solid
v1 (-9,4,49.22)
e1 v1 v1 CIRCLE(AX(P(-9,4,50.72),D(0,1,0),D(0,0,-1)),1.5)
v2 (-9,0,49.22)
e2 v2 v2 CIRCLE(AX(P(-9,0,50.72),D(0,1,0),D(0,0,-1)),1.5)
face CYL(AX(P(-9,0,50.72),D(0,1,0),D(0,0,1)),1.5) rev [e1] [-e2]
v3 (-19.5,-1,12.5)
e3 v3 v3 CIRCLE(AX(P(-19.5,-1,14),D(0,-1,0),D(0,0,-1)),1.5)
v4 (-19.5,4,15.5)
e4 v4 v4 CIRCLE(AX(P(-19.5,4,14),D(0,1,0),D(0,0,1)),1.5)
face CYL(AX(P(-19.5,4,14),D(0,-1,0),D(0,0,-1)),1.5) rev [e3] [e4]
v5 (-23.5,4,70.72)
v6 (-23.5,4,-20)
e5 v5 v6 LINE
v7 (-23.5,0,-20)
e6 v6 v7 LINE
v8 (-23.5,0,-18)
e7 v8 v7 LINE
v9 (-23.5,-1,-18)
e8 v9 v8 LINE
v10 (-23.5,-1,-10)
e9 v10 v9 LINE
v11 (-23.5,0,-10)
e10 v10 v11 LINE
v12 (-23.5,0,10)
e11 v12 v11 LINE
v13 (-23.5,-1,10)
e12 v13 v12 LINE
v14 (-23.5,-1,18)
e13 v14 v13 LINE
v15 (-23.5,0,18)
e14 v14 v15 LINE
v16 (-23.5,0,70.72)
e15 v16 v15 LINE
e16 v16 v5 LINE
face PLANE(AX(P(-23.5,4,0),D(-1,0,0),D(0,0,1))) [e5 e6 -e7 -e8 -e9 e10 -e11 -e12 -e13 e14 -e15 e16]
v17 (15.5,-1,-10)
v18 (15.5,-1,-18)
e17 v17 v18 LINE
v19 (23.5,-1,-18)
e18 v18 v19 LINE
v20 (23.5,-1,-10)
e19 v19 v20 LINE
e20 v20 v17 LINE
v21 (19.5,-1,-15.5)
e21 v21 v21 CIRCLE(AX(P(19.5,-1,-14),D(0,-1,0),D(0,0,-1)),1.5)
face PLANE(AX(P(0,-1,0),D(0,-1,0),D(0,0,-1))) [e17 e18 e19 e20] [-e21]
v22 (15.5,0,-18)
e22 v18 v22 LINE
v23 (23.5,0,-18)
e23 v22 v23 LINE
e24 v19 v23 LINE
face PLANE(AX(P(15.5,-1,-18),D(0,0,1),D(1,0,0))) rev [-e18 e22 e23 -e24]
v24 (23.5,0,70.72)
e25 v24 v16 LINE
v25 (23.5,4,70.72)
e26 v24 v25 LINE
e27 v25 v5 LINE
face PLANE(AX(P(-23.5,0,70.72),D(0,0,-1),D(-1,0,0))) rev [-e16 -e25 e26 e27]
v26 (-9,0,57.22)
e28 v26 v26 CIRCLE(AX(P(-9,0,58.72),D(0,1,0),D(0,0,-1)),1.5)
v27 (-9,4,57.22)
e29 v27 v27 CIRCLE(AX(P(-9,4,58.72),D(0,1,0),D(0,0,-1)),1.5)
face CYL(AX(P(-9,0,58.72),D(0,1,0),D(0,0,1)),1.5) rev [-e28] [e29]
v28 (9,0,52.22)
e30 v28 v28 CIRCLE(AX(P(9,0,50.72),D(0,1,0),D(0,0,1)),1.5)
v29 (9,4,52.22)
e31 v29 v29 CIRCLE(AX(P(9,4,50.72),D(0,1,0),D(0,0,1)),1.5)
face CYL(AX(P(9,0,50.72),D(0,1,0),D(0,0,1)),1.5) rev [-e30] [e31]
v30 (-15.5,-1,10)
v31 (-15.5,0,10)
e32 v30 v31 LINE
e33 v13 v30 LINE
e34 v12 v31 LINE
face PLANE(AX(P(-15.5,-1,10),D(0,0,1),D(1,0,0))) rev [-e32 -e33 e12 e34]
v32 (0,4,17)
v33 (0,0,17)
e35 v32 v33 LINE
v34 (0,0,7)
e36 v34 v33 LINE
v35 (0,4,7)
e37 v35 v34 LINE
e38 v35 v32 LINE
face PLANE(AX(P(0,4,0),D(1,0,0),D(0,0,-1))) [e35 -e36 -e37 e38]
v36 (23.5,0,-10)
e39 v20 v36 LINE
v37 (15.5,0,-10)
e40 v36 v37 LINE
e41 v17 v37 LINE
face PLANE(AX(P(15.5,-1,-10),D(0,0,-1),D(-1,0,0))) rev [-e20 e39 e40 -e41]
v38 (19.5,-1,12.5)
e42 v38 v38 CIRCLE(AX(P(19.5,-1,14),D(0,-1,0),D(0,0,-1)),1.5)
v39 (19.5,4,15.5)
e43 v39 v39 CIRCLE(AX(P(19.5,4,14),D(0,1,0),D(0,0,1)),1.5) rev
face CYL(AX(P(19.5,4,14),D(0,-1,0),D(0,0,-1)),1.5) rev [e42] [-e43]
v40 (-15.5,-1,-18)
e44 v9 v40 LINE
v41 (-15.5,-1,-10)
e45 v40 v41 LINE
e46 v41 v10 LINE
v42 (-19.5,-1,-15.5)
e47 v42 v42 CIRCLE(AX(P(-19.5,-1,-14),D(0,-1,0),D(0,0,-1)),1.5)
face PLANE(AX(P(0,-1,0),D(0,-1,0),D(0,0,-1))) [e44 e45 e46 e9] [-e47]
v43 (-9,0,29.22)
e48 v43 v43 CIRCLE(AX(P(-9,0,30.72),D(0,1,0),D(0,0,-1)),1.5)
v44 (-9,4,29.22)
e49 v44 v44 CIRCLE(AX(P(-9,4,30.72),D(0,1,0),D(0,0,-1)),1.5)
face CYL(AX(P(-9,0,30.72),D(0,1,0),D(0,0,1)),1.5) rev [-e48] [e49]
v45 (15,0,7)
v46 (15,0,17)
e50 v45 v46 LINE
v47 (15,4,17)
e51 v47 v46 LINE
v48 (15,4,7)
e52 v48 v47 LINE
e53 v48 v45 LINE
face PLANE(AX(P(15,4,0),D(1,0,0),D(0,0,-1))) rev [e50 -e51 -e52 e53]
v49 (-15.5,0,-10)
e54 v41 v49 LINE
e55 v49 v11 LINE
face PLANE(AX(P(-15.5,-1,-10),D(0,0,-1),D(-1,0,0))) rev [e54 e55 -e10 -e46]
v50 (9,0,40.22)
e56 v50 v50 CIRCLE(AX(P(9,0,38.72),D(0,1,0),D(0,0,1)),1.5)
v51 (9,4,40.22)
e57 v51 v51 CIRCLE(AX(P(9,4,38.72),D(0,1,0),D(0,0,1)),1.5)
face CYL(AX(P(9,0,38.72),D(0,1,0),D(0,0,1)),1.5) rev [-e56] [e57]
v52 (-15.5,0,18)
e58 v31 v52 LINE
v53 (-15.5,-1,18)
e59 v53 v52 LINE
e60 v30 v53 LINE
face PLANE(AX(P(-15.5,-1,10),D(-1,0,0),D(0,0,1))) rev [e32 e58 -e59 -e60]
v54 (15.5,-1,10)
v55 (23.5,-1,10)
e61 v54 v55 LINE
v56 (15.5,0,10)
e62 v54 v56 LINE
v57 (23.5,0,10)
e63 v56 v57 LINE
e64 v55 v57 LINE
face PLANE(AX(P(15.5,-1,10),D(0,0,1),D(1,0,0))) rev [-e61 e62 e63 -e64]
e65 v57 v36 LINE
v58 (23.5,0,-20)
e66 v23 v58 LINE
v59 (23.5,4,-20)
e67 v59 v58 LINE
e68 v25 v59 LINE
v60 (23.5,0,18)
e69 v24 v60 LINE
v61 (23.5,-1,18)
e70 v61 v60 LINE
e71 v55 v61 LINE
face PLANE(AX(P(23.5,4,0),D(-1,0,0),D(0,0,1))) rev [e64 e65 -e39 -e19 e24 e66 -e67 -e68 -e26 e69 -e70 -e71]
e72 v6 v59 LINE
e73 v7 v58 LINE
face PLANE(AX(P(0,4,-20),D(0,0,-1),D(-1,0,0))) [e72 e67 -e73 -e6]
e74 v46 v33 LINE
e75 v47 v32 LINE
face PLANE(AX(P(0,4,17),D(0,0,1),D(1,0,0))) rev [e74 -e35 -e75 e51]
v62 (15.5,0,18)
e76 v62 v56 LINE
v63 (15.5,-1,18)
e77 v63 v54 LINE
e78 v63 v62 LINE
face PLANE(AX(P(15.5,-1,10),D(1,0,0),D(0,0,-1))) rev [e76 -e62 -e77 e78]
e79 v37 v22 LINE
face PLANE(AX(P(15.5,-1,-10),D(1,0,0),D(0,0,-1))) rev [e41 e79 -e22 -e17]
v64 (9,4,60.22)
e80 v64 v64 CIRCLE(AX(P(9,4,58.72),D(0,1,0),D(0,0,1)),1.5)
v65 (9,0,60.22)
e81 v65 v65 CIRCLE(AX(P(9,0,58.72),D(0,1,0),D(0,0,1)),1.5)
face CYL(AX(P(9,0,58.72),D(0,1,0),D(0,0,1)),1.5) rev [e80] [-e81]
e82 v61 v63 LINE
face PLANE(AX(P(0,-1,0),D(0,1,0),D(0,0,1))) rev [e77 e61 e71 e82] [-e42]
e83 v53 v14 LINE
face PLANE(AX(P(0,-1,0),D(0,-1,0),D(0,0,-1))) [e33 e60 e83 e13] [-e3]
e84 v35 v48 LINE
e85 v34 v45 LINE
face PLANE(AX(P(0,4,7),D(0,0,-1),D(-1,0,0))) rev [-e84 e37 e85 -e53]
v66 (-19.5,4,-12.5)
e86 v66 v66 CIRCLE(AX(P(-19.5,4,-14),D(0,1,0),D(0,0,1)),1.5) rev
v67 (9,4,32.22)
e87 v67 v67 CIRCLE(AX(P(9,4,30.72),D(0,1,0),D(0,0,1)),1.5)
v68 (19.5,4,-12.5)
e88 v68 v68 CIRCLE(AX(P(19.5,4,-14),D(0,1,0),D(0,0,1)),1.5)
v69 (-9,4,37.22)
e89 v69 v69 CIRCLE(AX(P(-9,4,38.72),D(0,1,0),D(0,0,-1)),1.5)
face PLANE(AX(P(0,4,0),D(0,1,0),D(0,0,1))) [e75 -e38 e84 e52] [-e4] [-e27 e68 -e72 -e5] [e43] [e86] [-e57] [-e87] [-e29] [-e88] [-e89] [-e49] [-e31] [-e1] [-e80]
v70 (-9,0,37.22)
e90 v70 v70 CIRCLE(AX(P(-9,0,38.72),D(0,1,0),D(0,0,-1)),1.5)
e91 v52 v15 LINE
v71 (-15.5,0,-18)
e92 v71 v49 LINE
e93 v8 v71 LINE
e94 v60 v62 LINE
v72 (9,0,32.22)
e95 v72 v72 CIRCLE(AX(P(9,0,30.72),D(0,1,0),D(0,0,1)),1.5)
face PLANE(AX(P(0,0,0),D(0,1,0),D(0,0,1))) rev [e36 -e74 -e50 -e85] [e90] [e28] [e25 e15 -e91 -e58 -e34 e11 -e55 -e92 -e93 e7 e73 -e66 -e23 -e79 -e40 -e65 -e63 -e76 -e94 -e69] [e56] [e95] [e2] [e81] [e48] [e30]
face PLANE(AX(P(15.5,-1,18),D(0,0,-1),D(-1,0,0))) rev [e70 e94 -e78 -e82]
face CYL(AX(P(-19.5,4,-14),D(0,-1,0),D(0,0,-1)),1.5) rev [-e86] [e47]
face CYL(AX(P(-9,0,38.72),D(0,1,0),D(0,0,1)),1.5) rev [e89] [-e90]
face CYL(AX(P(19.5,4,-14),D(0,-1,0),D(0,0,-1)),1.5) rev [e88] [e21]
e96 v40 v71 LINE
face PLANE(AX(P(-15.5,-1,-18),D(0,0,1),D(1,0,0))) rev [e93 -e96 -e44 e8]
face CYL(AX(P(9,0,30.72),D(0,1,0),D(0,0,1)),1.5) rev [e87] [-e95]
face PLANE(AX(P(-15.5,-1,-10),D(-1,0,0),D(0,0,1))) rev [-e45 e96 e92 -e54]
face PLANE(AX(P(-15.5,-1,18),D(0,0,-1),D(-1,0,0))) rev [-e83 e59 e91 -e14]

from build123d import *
from build123d.topology import SkipClean

# Parameters (mm, degrees)
SKETCH_1_W          = 47
SKETCH_1_H          = 40
SKETCH_1_R          = 1.5
SKETCH_1_W_2        = 30
SKETCH_1_H_2        = 10
SKETCH_1_H_3        = 55.72
SKETCH_1_W_3        = 15
EXTRUDE_1_DEPTH     = 4
EXTRUDE_START       = 1
SKETCH_3_W          = 8
SKETCH_3_H          = 8
SKETCH_3_R          = 1.5
EXTRUDE_2_DEPTH     = 1
SKETCH_4_R          = 1.5
SKETCH_4_W          = 47
SKETCH_4_H          = 5
CUT_EXTRUDE_2_DEPTH = 4


with BuildPart() as part:
    # 草图1 → 凸台-拉伸1 (new body)
    # profile 1 of 3: a face of its own
    with BuildSketch(Plane(origin=(0, 0, 0), x_dir=(1, 0, 0), z_dir=(0, 1, 0))):
        Rectangle(SKETCH_1_W, SKETCH_1_H)
        with Locations(Location((19.5, -14, 0), (0, 0, 270))):
            Circle(SKETCH_1_R, mode=Mode.SUBTRACT)
        with Locations(Location((19.5, 14, 0), (0, 0, 270))):
            Circle(SKETCH_1_R, mode=Mode.SUBTRACT)
        with Locations(Location((-19.5, -14, 0), (0, 0, 270))):
            Circle(SKETCH_1_R, mode=Mode.SUBTRACT)
        with Locations(Location((-19.5, 14, 0), (0, 0, 270))):
            Circle(SKETCH_1_R, mode=Mode.SUBTRACT)
        with Locations((0, -12)):
            Rectangle(SKETCH_1_W_2, SKETCH_1_H_2, mode=Mode.SUBTRACT)
    # profile 2 of 3: a face of its own
    with BuildSketch(Plane(origin=(0, 0, 0), x_dir=(1, 0, 0), z_dir=(0, 1, 0))):
        with Locations((0, -47.86)):
            Rectangle(SKETCH_1_W, SKETCH_1_H_3)
    # profile 3 of 3: a face of its own
    with BuildSketch(Plane(origin=(0, 0, 0), x_dir=(1, 0, 0), z_dir=(0, 1, 0))):
        with Locations((-7.5, -12)):
            Rectangle(SKETCH_1_W_3, SKETCH_1_H_2)
    extrude(amount=EXTRUDE_1_DEPTH)

    # 草图3 → 凸台-拉伸2 (add)
    # profile 1 of 4: a face of its own
    with SkipClean():  # the faces are left unmerged after this step: merging them gives an invalid solid
        with BuildSketch(Plane.XZ.offset(EXTRUDE_START)):
            with Locations((19.5, -14)):
                Rectangle(SKETCH_3_W, SKETCH_3_H)
            with Locations(Location((19.5, -14, 0), (0, 0, 270))):
                Circle(SKETCH_3_R, mode=Mode.SUBTRACT)
        # profile 2 of 4: a face of its own
        with BuildSketch(Plane.XZ.offset(EXTRUDE_START)):
            with Locations((19.5, 14)):
                Rectangle(SKETCH_3_W, SKETCH_3_H)
            with Locations(Location((19.5, 14, 0), (0, 0, 270))):
                Circle(SKETCH_3_R, mode=Mode.SUBTRACT)
        # profile 3 of 4: a face of its own
        with BuildSketch(Plane.XZ.offset(EXTRUDE_START)):
            with Locations((-19.5, -14)):
                Rectangle(SKETCH_3_W, SKETCH_3_H)
            with Locations(Location((-19.5, -14, 0), (0, 0, 270))):
                Circle(SKETCH_3_R, mode=Mode.SUBTRACT)
        # profile 4 of 4: a face of its own
        with BuildSketch(Plane.XZ.offset(EXTRUDE_START)):
            with Locations((-19.5, 14)):
                Rectangle(SKETCH_3_W, SKETCH_3_H)
            with Locations(Location((-19.5, 14, 0), (0, 0, 270))):
                Circle(SKETCH_3_R, mode=Mode.SUBTRACT)
        extrude(amount=-EXTRUDE_2_DEPTH)

    # 草图4 → 切除-拉伸2 (cut)
    with SkipClean():  # the faces are left unmerged after this step: merging them gives an invalid solid
        with BuildSketch(Plane(origin=(0, 4, 0), x_dir=(1, 0, 0), z_dir=(0, 1, 0))):
            with Locations(Location((9, -30.72, 0), (0, 0, 270))):
                Circle(SKETCH_4_R)
            with Locations(Location((9, -50.72, 0), (0, 0, 270))):
                Circle(SKETCH_4_R)
            with Locations(Location((-9, -50.72, 0), (0, 0, 90))):
                Circle(SKETCH_4_R)
            with Locations(Location((-9, -30.72, 0), (0, 0, 90))):
                Circle(SKETCH_4_R)
            with Locations(Location((-9, -38.72, 0), (0, 0, 90))):
                Circle(SKETCH_4_R)
            with Locations(Location((9, -38.72, 0), (0, 0, 270))):
                Circle(SKETCH_4_R)
            with Locations(Location((9, -58.72, 0), (0, 0, 270))):
                Circle(SKETCH_4_R)
            with Locations(Location((-9, -58.72, 0), (0, 0, 90))):
                Circle(SKETCH_4_R)
            with Locations((0, -73.22)):
                Rectangle(SKETCH_4_W, SKETCH_4_H)
        extrude(amount=-CUT_EXTRUDE_2_DEPTH, mode=Mode.SUBTRACT)


solid = part.part
